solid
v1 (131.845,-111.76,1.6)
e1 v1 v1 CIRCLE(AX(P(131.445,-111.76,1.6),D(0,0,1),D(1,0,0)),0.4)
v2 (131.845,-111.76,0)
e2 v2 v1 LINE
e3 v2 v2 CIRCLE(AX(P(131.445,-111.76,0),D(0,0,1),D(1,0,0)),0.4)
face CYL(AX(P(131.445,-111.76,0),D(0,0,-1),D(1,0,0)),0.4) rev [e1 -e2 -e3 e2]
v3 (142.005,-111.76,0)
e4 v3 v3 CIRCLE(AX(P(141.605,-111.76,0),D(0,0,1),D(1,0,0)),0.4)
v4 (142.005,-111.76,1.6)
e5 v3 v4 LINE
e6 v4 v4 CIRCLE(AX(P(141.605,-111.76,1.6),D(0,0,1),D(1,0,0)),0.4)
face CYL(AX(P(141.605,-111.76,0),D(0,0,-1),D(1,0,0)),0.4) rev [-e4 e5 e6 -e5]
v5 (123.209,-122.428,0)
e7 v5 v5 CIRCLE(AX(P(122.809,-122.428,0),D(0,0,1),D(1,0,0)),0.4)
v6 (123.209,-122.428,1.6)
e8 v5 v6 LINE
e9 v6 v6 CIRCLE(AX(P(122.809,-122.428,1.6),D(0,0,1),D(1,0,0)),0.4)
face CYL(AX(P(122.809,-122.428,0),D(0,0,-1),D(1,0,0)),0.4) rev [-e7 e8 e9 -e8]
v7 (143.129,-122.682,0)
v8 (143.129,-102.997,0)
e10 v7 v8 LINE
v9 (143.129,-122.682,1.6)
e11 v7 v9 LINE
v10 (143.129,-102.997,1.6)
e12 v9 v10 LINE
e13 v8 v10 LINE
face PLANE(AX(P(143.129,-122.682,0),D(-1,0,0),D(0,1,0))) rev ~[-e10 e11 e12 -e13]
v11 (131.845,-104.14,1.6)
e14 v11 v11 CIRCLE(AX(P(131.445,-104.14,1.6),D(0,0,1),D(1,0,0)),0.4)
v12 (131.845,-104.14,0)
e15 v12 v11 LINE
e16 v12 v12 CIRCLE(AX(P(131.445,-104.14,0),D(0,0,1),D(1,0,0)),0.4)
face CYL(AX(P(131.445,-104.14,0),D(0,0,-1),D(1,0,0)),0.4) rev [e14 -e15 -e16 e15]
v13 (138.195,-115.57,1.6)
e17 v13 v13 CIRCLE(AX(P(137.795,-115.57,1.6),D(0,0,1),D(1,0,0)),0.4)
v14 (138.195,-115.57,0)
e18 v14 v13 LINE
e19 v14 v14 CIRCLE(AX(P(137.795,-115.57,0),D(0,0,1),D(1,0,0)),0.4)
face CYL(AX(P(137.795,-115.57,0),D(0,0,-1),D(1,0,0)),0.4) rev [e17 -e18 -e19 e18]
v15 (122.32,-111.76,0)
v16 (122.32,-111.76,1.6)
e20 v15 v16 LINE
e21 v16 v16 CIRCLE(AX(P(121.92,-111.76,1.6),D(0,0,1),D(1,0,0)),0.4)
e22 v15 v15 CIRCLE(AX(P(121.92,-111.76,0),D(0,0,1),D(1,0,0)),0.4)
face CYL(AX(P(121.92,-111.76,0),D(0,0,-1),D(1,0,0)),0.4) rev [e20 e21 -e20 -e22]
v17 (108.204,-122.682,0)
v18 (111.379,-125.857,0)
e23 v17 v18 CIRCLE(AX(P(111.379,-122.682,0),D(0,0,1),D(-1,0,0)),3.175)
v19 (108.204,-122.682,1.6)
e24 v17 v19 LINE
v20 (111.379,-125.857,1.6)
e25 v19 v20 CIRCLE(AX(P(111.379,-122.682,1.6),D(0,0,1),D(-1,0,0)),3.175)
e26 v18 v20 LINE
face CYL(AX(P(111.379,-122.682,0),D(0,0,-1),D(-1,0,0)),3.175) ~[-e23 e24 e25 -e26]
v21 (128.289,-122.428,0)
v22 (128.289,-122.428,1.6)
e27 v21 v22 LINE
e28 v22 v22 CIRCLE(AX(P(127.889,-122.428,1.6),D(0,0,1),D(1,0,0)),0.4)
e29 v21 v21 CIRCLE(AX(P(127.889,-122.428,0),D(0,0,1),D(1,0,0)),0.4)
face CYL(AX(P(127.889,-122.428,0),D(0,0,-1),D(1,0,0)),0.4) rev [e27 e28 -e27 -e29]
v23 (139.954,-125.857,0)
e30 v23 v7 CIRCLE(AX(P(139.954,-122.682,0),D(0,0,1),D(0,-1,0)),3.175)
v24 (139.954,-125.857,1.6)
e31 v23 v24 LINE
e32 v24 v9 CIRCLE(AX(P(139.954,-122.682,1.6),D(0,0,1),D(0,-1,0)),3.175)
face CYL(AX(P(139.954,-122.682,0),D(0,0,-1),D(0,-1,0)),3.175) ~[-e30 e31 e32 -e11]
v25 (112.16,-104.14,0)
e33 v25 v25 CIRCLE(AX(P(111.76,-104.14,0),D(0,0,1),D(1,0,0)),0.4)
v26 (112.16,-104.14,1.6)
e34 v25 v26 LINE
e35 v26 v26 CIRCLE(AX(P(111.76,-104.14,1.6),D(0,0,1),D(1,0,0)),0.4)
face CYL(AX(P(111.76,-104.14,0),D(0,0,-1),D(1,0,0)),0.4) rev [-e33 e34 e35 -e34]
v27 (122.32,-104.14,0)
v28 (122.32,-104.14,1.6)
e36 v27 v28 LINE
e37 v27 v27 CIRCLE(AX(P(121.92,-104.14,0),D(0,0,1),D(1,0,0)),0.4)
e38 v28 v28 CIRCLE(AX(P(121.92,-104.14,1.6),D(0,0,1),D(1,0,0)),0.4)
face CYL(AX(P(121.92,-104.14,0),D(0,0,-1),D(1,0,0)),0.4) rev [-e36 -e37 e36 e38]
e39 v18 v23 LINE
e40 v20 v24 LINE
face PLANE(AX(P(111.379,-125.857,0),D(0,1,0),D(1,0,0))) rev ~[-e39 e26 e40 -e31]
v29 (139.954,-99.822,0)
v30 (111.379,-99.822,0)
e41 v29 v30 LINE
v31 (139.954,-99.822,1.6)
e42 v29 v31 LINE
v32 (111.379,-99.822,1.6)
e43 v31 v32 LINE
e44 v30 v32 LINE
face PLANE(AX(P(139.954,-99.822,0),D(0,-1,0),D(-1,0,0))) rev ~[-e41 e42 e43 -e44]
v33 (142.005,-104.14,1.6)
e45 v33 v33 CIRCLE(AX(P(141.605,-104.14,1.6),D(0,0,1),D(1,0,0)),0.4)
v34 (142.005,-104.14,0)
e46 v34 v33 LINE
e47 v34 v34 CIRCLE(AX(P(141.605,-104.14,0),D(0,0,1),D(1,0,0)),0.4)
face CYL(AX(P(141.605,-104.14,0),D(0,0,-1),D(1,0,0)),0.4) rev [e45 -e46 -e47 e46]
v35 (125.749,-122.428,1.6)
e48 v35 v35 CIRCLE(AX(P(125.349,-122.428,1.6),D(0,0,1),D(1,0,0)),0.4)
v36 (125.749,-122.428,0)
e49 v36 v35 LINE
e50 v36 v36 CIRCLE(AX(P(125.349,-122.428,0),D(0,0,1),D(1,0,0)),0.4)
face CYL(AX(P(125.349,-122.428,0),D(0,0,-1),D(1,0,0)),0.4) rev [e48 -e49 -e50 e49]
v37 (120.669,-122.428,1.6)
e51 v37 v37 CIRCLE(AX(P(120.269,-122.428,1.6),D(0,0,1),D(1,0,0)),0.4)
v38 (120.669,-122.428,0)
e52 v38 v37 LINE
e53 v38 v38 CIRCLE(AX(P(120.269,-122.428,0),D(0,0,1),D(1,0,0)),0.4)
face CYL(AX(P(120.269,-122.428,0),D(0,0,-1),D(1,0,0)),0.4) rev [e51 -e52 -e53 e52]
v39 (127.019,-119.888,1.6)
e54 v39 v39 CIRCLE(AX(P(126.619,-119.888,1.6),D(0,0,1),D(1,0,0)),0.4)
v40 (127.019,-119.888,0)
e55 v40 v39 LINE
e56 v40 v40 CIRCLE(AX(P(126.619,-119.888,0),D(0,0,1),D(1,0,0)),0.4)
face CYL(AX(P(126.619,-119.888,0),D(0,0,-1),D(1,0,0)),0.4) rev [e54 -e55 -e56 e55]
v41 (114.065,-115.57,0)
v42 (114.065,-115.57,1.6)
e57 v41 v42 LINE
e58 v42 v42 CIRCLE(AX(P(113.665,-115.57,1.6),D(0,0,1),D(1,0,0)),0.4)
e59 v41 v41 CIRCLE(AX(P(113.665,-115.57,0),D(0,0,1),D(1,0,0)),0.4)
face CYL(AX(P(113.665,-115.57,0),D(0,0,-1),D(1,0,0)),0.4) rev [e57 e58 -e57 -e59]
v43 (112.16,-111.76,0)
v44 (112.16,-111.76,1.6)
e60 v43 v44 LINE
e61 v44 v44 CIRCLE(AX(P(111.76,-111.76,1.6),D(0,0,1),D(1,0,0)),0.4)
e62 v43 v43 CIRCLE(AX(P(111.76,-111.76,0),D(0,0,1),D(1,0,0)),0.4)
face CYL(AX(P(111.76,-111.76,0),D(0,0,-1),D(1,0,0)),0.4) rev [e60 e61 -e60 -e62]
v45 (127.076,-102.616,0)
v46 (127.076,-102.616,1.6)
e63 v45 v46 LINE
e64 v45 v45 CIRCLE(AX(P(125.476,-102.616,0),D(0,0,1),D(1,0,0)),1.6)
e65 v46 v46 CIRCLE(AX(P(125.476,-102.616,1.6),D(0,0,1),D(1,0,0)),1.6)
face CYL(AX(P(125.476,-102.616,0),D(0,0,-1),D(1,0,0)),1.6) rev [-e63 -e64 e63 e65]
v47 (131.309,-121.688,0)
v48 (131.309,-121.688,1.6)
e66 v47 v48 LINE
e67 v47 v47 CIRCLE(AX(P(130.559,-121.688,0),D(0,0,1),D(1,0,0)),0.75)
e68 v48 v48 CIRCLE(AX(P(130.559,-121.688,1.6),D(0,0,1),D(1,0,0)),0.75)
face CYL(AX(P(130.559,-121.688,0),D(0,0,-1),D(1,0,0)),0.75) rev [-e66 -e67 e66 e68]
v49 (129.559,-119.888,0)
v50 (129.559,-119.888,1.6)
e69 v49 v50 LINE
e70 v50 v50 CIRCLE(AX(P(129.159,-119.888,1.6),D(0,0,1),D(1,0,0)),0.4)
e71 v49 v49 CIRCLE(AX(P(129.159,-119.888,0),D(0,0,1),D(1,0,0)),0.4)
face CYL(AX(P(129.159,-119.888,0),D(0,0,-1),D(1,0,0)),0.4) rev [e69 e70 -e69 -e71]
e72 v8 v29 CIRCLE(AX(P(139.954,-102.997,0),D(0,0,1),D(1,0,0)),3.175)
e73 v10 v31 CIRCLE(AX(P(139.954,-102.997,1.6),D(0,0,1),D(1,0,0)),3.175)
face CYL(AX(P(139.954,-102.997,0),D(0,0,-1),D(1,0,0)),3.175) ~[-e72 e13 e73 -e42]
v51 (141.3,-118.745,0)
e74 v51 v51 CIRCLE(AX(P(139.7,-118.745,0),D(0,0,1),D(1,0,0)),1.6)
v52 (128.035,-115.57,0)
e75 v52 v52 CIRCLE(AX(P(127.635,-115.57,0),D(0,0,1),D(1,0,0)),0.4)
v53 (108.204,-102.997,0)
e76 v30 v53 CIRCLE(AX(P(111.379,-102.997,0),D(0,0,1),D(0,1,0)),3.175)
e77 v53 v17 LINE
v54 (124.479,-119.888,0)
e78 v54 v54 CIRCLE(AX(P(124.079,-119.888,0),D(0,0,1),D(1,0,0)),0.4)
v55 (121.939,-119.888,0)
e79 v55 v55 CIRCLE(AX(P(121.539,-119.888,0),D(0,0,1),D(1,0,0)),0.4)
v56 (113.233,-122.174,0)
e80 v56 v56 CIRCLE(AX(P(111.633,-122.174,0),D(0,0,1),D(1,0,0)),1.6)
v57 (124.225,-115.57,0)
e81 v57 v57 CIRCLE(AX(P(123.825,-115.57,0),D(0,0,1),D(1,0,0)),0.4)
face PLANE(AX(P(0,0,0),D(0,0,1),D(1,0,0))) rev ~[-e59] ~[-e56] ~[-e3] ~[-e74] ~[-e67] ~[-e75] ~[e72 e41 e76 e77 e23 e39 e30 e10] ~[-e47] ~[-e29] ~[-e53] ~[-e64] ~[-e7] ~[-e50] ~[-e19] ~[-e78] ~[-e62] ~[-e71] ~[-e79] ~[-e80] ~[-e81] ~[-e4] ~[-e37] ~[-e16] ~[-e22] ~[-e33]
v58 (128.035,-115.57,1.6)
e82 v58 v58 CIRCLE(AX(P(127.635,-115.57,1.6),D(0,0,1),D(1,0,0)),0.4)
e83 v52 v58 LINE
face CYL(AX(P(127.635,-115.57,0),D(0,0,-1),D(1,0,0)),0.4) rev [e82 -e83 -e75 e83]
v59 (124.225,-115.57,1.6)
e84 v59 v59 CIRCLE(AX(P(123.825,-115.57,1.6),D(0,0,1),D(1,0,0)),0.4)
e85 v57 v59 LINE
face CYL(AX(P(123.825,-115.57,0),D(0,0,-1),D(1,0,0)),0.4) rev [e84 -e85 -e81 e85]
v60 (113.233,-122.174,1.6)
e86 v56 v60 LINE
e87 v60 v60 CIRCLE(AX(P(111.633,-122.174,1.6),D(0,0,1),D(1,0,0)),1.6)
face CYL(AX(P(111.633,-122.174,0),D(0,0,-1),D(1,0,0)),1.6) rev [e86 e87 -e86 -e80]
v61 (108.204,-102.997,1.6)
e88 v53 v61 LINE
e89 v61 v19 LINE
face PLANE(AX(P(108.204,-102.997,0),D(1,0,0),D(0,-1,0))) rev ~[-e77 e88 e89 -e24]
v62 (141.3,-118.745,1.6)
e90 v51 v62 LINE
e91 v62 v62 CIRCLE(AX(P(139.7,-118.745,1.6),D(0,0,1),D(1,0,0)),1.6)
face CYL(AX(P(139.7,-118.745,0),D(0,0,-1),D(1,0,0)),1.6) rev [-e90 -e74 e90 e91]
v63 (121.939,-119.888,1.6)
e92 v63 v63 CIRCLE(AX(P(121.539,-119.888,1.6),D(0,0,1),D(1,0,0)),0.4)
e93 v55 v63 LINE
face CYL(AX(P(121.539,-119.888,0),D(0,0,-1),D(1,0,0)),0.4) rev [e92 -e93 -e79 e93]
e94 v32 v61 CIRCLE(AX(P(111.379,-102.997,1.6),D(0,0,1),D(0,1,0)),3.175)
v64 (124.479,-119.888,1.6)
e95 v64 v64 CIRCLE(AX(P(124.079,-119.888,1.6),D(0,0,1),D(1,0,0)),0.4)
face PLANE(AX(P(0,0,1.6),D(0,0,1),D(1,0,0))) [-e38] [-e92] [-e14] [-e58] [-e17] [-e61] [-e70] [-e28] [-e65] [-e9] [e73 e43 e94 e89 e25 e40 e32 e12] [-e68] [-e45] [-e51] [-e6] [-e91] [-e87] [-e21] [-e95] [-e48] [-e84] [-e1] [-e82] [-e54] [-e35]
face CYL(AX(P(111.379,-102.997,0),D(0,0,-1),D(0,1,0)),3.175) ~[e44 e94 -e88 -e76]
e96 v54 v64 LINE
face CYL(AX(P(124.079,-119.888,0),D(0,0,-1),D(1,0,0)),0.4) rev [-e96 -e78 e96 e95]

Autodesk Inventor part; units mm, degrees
ref_plane "Plan YZ" through (0, 0, 0) normal (1, 0, 0) x (0, 1, 0)
ref_plane "Plan XZ" through (0, 0, 0) normal (0, 1, 0) x (-1, 0, 0)
ref_plane "Plan XY" through (0, 0, 0) normal (0, 0, 1) x (1, 0, 0)
sketch "Esquisse1" plane through (0, 0, 0) normal (0, 0, 1) x (1, 0, 0)
  point P0 (0, 0)
sketch "Esquisse6" plane through (0, 0, 0) normal (0, 0, 1) x (1, 0, 0)
  arc A0 (111.379, -99.822) -> (108.204, -102.997) centre (111.379, -102.997) ccw
  line L0 (108.204, -102.997) -> (108.204, -122.682)
  arc A1 (108.204, -122.682) -> (111.379, -125.857) centre (111.379, -122.682) ccw
  line L1 (111.379, -125.857) -> (139.954, -125.857)
  arc A2 (139.954, -125.857) -> (143.129, -122.682) centre (139.954, -122.682) ccw
  line L2 (143.129, -122.682) -> (143.129, -102.997)
  arc A3 (143.129, -102.997) -> (139.954, -99.822) centre (139.954, -102.997) ccw
  line L3 (139.954, -99.822) -> (111.379, -99.822)
  circle A4 centre (120.269, -122.428) radius 0.4
  circle A5 centre (121.539, -119.888) radius 0.4
  circle A6 centre (122.809, -122.428) radius 0.4
  circle A7 centre (124.079, -119.888) radius 0.4
  circle A8 centre (125.349, -122.428) radius 0.4
  circle A9 centre (126.619, -119.888) radius 0.4
  circle A10 centre (127.889, -122.428) radius 0.4
  circle A11 centre (129.159, -119.888) radius 0.4
  circle A12 centre (137.795, -115.57) radius 0.4
  circle A13 centre (127.635, -115.57) radius 0.4
  circle A14 centre (123.825, -115.57) radius 0.4
  circle A15 centre (113.665, -115.57) radius 0.4
  circle A16 centre (131.445, -111.76) radius 0.4
  circle A17 centre (141.605, -111.76) radius 0.4
  circle A18 centre (131.445, -104.14) radius 0.4
  circle A19 centre (141.605, -104.14) radius 0.4
  circle A20 centre (111.76, -111.76) radius 0.4
  circle A21 centre (121.92, -111.76) radius 0.4
  circle A22 centre (111.76, -104.14) radius 0.4
  circle A23 centre (121.92, -104.14) radius 0.4
  circle A24 centre (130.559, -121.688) radius 0.75
  circle A25 centre (139.7, -118.745) radius 1.6
  circle A26 centre (125.476, -102.616) radius 1.6
  circle A27 centre (111.633, -122.174) radius 1.6
extrude "Manette_2019_PCB_Central.kicad_pcb_Contour" add sketch "Esquisse6" along normal blind 1.6
properties part number "Manette_2019_PCB_Central.kicad_pcb_Contour" material "."
